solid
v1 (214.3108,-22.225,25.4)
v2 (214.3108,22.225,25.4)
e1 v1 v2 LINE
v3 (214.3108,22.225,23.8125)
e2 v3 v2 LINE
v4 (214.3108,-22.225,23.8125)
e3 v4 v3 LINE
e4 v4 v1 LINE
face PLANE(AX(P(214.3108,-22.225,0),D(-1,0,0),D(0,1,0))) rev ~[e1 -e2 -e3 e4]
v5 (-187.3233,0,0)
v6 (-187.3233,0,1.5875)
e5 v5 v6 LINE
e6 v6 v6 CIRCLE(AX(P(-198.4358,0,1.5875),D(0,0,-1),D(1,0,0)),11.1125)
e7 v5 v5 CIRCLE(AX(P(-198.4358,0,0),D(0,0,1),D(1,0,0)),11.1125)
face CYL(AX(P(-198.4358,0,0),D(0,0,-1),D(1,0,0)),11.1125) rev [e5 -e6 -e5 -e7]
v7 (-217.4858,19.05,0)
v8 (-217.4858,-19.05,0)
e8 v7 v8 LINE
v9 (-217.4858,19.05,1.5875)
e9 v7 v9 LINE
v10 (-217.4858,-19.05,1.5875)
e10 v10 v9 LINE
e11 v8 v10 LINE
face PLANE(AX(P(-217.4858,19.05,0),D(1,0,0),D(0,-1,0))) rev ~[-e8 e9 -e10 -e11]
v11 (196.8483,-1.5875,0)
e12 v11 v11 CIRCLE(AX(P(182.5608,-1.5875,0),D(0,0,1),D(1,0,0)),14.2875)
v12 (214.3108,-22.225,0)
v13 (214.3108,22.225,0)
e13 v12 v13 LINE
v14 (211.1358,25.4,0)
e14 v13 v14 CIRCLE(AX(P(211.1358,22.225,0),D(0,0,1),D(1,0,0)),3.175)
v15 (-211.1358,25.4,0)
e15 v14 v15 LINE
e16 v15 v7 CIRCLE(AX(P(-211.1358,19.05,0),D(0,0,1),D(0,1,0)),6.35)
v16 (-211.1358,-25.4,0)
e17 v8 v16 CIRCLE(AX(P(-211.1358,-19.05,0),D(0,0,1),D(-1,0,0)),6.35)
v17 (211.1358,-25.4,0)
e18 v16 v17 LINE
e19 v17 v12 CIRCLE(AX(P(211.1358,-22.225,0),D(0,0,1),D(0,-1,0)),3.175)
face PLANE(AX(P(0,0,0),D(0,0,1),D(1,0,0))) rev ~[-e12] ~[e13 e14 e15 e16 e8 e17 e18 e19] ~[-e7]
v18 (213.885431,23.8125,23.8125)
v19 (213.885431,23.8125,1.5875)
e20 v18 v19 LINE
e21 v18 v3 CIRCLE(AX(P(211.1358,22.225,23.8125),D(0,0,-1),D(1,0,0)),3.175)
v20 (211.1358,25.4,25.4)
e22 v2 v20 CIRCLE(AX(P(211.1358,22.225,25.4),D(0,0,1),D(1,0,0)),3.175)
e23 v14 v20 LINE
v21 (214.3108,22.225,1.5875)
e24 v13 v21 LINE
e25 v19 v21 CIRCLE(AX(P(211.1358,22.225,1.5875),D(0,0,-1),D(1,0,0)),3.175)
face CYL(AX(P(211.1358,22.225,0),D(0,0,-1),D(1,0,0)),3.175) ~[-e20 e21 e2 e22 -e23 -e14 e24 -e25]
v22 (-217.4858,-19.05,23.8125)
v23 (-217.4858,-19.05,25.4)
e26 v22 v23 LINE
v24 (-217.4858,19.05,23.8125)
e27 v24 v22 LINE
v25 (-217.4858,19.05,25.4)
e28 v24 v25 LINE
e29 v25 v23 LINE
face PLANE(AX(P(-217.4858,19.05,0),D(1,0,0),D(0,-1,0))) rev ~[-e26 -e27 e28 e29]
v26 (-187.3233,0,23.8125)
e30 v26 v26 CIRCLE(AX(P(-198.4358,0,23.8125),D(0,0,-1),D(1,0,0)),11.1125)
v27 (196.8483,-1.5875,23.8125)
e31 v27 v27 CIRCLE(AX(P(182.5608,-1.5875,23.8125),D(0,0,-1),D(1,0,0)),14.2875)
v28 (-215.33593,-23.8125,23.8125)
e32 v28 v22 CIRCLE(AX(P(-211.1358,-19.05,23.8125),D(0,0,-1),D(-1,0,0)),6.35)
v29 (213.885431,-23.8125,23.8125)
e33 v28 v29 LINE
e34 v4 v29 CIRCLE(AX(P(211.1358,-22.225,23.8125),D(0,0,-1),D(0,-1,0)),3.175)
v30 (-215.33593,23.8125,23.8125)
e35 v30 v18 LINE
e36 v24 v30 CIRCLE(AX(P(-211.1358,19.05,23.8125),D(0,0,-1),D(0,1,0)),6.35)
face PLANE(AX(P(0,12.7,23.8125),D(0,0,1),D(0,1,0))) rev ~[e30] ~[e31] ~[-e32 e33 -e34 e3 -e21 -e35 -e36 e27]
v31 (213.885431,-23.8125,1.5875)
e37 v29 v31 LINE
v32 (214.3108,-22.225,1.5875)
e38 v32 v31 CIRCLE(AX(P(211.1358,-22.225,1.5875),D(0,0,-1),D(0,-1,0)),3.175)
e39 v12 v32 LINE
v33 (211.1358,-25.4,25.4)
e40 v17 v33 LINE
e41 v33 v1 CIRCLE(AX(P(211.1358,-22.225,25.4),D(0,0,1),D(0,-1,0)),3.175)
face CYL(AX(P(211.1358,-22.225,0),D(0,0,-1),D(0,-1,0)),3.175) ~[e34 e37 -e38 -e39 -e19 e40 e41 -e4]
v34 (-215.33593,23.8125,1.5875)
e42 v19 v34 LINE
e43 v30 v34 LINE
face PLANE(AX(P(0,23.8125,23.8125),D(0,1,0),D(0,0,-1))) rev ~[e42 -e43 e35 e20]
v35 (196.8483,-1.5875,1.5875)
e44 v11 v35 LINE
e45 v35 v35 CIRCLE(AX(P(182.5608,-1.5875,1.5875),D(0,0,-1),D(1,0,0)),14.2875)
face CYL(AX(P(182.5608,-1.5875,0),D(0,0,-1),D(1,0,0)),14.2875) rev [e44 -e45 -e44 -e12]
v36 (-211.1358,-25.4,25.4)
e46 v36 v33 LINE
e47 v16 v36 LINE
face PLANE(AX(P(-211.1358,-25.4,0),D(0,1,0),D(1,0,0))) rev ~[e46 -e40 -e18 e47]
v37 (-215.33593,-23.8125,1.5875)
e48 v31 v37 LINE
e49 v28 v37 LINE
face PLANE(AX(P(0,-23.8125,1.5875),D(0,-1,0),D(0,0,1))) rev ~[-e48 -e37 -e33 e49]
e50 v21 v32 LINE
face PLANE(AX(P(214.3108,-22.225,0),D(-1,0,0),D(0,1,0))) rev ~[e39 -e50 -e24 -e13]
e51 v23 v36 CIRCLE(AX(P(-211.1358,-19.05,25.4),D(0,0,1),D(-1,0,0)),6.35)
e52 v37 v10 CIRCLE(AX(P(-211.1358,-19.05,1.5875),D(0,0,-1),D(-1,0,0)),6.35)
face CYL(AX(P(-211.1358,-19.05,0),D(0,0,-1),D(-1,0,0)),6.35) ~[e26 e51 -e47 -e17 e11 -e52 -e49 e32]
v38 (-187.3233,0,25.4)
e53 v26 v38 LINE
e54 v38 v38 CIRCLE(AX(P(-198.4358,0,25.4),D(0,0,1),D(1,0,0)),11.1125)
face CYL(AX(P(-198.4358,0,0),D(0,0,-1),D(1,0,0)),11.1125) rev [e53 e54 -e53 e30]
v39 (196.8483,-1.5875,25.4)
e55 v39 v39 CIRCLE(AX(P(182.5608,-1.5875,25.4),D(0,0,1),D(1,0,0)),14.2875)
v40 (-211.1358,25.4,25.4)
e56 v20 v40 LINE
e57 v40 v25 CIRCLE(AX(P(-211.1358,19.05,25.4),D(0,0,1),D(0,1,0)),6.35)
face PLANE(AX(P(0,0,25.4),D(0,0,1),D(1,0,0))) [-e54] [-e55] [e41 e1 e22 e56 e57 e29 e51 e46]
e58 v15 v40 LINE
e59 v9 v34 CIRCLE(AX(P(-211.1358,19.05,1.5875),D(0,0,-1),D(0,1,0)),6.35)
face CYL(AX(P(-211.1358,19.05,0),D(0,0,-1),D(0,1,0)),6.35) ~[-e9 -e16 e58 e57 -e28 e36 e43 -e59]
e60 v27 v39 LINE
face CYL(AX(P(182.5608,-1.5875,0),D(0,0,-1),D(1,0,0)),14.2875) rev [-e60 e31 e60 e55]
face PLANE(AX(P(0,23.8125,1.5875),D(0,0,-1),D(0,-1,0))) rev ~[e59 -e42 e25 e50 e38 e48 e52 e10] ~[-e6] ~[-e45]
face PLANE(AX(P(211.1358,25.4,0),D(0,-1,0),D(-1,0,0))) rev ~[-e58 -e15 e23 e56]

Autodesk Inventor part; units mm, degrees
ref_plane "YZ Plane" through (0, 0, 0) normal (1, 0, 0) x (0, 1, 0)
ref_plane "XZ Plane" through (0, 0, 0) normal (0, 1, 0) x (-1, 0, 0)
ref_plane "XY Plane" through (0, 0, 0) normal (0, 0, 1) x (1, 0, 0)
sketch "Sketch1" plane through (0, 0, 0) normal (0, 0, 1) x (1, 0, 0)
  line L0 (-211.1358, -25.4) -> (211.1358, -25.4)
  line L1 (214.3108, -22.225) -> (214.3108, 22.225)
  line L2 (211.1358, 25.4) -> (-211.1358, 25.4)
  line L3 (-217.4858, 19.05) -> (-217.4858, -19.05)
  circle A0 centre (-198.4358, 0) radius 11.1125
  circle A1 centre (182.5608, -1.5875) radius 14.2875
  arc A2 (-217.4858, -19.05) -> (-211.1358, -25.4) centre (-211.1358, -19.05) ccw
  arc A3 (-211.1358, 25.4) -> (-217.4858, 19.05) centre (-211.1358, 19.05) ccw
  arc A4 (214.3108, 22.225) -> (211.1358, 25.4) centre (211.1358, 22.225) ccw
  arc A5 (211.1358, -25.4) -> (214.3108, -22.225) centre (211.1358, -22.225) ccw
  point P0 (0, 0)
  point P1 (-217.4858, -25.4)
  point P2 (214.3108, 25.4)
  point P3 (214.3108, -25.4)
  point P4 (-217.4858, 25.4)
  point P5 (-217.4858, 0)
  point P6 (0, 25.4)
  point P7 (214.3108, -19.05)
  point P8 (200.025, -25.4)
  point P9 (214.3108, 6.35)
  point P10 (195.2625, 25.4)
  dimension "d6" = 22.225
  dimension "d8" = 19.05
  dimension "d9" = 50.8
  dimension "d11" = 6.35
  dimension "d15" = 31.75
  dimension "d16" = 3.175
  dimension "d17" = 28.575
  dimension "d18" = 23.8125
  dimension "d19" = 380.9967
extrude "Extrusion1" add sketch "Sketch1" along normal blind 25.4
sketch "Sketch2" plane through (0, 0, 0) normal (1, 0, 0) x (0, 1, 0)
  line L0 (25.4, 0) -> (25.4, 25.4) projected
  line L1 (25.4, 25.4) -> (19.05, 25.4) projected
  line L2 (19.05, 25.4) -> (-19.05, 25.4) projected
  line L3 (-19.05, 25.4) -> (-25.4, 25.4) projected
  line L4 (-25.4, 0) -> (-25.4, 25.4) projected
  line L5 (-19.05, 0) -> (-25.4, 0) projected
  line L6 (19.05, 0) -> (-19.05, 0) projected
  line L7 (25.4, 0) -> (19.05, 0) projected
  line L8 (23.8125, 23.8125) -> (23.8125, 1.5875)
  line L9 (23.8125, 1.5875) -> (12.7, 1.5875)
  line L10 (12.7, 1.5875) -> (-12.7, 1.5875)
  line L11 (-12.7, 1.5875) -> (-23.8125, 1.5875)
  line L12 (-23.8125, 1.5875) -> (-23.8125, 23.8125)
  line L13 (-23.8125, 23.8125) -> (-12.7, 23.8125)
  line L14 (-12.7, 23.8125) -> (12.7, 23.8125)
  line L15 (12.7, 23.8125) -> (23.8125, 23.8125)
  point P0 (0, 0)
  dimension "d12" = 1.5875
extrude "Extrusion2" cut sketch "Sketch2" along normal through all both and the other way through all contours L8 L9 L10 L11 L12 L13 L14 L15
properties part number "SideBar15" material "Aluminum 6061"
